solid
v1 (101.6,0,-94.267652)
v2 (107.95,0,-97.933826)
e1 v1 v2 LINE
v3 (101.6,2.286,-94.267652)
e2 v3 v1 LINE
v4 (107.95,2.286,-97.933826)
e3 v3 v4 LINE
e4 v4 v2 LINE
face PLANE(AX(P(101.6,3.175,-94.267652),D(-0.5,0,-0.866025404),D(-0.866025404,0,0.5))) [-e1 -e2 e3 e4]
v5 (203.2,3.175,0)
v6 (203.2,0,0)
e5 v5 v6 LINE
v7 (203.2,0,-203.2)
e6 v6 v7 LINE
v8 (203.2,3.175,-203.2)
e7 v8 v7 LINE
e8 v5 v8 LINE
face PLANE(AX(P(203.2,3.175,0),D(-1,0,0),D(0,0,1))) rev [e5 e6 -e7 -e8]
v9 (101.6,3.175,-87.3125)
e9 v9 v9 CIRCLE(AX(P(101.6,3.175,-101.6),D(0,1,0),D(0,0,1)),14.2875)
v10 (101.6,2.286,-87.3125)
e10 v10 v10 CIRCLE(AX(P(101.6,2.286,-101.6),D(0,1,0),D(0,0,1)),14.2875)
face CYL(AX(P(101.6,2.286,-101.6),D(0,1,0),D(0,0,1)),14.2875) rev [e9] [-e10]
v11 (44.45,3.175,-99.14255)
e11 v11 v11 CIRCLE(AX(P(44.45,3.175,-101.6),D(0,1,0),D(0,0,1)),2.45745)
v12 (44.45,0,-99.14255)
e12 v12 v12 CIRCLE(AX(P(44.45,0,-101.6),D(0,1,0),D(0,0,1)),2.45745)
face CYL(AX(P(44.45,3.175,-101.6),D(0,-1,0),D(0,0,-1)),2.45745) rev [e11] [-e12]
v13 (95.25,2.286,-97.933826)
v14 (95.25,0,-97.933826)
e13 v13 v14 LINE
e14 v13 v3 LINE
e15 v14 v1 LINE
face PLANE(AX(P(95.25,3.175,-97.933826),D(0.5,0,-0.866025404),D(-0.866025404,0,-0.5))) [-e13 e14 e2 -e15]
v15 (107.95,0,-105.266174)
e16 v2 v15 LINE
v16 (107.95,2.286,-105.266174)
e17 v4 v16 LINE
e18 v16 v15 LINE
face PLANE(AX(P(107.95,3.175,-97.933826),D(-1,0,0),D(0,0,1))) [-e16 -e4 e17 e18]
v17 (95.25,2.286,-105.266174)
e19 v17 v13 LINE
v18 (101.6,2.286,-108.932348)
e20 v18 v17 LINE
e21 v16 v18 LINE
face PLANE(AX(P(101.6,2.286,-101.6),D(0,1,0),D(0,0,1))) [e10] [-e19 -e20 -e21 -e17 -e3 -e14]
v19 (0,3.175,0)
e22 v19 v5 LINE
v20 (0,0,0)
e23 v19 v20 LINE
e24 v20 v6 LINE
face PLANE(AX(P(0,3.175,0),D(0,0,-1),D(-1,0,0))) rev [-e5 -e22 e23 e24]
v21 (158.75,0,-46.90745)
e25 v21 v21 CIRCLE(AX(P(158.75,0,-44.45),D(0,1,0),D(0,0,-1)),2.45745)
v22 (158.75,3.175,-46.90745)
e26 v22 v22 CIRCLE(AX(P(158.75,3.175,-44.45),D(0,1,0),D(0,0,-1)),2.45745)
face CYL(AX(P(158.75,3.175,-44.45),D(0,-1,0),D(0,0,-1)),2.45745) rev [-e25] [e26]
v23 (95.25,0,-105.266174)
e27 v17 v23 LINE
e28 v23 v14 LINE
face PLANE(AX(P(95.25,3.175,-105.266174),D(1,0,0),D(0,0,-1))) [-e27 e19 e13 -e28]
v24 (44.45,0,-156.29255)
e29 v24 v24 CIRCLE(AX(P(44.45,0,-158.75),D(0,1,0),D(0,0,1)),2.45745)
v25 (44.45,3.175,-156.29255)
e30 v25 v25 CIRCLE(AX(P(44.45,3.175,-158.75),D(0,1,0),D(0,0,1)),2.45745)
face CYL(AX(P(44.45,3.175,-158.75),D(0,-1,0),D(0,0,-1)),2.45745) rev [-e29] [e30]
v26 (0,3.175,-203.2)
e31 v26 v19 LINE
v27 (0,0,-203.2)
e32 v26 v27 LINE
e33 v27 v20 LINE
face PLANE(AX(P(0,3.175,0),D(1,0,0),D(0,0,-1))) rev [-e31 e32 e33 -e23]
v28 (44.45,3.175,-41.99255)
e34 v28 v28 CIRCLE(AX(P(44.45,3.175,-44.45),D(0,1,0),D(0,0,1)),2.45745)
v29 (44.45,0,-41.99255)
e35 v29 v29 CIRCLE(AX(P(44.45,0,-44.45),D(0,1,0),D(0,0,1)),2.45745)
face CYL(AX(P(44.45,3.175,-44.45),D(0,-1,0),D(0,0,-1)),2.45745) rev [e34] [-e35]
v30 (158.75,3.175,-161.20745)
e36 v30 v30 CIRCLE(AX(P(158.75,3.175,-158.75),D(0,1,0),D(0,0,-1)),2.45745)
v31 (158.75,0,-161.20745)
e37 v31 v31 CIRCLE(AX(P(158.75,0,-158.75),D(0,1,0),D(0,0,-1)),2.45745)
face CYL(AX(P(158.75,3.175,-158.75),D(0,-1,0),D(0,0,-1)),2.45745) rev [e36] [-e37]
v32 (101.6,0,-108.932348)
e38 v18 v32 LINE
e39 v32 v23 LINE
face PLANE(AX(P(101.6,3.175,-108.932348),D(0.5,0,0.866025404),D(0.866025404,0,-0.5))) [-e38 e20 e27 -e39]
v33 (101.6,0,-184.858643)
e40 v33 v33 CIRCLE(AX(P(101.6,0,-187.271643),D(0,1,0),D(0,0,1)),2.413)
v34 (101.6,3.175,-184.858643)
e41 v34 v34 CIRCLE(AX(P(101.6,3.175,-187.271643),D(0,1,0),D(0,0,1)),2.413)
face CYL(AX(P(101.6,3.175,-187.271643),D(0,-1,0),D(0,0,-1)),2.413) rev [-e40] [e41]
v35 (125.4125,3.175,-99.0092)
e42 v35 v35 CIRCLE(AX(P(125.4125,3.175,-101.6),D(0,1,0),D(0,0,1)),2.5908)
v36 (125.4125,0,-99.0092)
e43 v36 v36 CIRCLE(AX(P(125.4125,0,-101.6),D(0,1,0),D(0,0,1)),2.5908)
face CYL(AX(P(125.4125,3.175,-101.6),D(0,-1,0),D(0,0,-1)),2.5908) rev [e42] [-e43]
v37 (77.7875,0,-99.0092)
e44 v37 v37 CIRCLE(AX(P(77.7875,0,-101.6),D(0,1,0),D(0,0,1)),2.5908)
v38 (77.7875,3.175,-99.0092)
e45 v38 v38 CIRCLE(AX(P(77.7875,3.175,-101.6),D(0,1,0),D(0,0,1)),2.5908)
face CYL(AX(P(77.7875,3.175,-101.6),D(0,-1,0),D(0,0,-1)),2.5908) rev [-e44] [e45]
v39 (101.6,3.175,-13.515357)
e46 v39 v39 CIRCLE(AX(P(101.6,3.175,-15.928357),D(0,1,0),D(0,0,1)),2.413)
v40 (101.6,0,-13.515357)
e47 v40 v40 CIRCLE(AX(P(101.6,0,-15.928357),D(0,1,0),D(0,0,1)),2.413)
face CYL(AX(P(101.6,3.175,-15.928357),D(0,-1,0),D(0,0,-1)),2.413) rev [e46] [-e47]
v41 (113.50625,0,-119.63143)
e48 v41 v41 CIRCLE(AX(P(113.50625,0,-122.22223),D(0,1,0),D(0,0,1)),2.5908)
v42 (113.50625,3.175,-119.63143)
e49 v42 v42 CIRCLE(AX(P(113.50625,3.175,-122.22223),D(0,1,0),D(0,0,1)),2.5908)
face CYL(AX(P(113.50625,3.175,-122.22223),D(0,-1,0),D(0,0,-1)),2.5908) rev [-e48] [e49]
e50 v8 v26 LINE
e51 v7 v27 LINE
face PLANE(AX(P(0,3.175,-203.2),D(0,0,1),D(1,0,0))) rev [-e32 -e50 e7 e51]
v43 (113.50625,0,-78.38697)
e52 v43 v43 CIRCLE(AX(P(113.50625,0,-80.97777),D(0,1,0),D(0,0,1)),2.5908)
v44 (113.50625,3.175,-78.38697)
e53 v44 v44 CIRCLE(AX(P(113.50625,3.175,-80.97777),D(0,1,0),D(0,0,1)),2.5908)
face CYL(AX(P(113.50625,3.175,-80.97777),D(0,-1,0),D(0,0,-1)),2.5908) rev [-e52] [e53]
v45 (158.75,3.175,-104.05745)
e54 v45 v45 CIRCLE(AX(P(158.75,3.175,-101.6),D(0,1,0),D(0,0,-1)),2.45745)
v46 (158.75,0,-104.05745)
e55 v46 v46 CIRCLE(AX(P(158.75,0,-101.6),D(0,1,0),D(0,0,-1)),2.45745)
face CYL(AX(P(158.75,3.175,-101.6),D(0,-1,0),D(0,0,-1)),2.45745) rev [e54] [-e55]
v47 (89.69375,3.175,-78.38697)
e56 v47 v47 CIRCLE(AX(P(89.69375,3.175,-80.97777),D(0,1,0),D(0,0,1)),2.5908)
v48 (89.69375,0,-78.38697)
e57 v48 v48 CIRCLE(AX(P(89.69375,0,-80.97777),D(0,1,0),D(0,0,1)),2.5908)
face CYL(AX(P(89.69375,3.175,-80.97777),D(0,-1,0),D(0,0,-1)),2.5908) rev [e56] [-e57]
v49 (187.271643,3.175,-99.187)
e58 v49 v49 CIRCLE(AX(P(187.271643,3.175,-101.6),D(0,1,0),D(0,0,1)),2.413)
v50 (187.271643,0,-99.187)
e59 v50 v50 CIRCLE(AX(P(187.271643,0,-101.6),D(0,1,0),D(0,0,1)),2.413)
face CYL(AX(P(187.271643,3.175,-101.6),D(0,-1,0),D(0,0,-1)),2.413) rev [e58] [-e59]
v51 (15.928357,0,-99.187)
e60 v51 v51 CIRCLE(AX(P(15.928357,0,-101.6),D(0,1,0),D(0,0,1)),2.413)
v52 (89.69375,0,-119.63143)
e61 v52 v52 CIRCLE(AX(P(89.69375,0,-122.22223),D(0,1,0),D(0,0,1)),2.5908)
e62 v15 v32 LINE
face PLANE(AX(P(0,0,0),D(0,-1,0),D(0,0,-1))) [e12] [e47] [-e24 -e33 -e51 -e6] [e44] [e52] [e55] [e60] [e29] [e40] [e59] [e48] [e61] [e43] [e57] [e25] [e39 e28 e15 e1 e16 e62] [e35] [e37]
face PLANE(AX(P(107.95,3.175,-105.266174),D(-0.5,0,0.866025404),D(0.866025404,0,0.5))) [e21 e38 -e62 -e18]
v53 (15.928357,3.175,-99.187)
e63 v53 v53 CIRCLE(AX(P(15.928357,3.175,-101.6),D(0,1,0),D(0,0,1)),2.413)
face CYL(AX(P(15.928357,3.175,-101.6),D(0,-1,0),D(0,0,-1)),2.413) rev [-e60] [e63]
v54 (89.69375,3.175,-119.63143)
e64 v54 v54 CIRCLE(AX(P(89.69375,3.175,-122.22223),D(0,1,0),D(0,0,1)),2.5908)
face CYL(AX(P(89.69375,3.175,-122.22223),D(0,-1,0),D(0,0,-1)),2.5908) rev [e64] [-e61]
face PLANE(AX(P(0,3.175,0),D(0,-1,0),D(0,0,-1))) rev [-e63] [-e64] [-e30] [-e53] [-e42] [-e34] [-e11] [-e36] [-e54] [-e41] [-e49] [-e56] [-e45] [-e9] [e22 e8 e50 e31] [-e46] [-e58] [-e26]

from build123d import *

# Parameters (mm, degrees)
SKETCH1_W           = 203.2
SKETCH1_H           = 203.2
SKETCH1_R           = 2.45745
SKETCH1_R_2         = 2.5908
SKETCH1_R_3         = 2.413
BOSS_EXTRUDE1_DEPTH = 3.175
SKETCH2_R           = 14.2875
CUT_EXTRUDE1_DEPTH  = 0.889


with BuildPart() as part:
    # Sketch1 → Boss-Extrude1 (new body)
    with BuildSketch(Plane(origin=(0, 0, 0), x_dir=(1, 0, 0), z_dir=(0, 1, 0))):
        with Locations((101.6, 101.6)):
            Rectangle(SKETCH1_W, SKETCH1_H)
        with Locations((44.45, 158.75)):
            Circle(SKETCH1_R, mode=Mode.SUBTRACT)
        with Locations((44.45, 101.6)):
            Circle(SKETCH1_R, mode=Mode.SUBTRACT)
        with Locations((44.45, 44.45)):
            Circle(SKETCH1_R, mode=Mode.SUBTRACT)
        with Locations((158.75, 44.45)):
            Circle(SKETCH1_R, mode=Mode.SUBTRACT)
        with Locations((158.75, 101.6)):
            Circle(SKETCH1_R, mode=Mode.SUBTRACT)
        with Locations((158.75, 158.75)):
            Circle(SKETCH1_R, mode=Mode.SUBTRACT)
        with Locations((77.7875, 101.6)):
            Circle(SKETCH1_R_2, mode=Mode.SUBTRACT)
        with Locations((89.69375, 122.222229928)):
            Circle(SKETCH1_R_2, mode=Mode.SUBTRACT)
        with Locations((89.69375, 80.977770072)):
            Circle(SKETCH1_R_2, mode=Mode.SUBTRACT)
        with Locations((113.50625, 122.222229928)):
            Circle(SKETCH1_R_2, mode=Mode.SUBTRACT)
        with Locations((125.4125, 101.6)):
            Circle(SKETCH1_R_2, mode=Mode.SUBTRACT)
        with Locations((113.50625, 80.977770072)):
            Circle(SKETCH1_R_2, mode=Mode.SUBTRACT)
        with Locations((101.6, 187.271643395)):
            Circle(SKETCH1_R_3, mode=Mode.SUBTRACT)
        with Locations((187.271643395, 101.6)):
            Circle(SKETCH1_R_3, mode=Mode.SUBTRACT)
        with Locations((101.6, 15.928356605)):
            Circle(SKETCH1_R_3, mode=Mode.SUBTRACT)
        with Locations((15.928356605, 101.6)):
            Circle(SKETCH1_R_3, mode=Mode.SUBTRACT)
        Polygon((107.95, 105.266174209), (101.6, 108.932348419), (95.25, 105.266174209), (95.25, 97.933825791), (101.6, 94.267651581), (107.95, 97.933825791), align=None, mode=Mode.SUBTRACT)
    extrude(amount=BOSS_EXTRUDE1_DEPTH)

    # Sketch2 → Cut-Extrude1 (cut)
    with BuildSketch(Plane(origin=(0, 3.175, 0), x_dir=(1, 0, 0), z_dir=(0, 1, 0))):
        with Locations((101.6, 101.6)):
            Circle(SKETCH2_R)
    extrude(amount=-CUT_EXTRUDE1_DEPTH, mode=Mode.SUBTRACT)


solid = part.part
